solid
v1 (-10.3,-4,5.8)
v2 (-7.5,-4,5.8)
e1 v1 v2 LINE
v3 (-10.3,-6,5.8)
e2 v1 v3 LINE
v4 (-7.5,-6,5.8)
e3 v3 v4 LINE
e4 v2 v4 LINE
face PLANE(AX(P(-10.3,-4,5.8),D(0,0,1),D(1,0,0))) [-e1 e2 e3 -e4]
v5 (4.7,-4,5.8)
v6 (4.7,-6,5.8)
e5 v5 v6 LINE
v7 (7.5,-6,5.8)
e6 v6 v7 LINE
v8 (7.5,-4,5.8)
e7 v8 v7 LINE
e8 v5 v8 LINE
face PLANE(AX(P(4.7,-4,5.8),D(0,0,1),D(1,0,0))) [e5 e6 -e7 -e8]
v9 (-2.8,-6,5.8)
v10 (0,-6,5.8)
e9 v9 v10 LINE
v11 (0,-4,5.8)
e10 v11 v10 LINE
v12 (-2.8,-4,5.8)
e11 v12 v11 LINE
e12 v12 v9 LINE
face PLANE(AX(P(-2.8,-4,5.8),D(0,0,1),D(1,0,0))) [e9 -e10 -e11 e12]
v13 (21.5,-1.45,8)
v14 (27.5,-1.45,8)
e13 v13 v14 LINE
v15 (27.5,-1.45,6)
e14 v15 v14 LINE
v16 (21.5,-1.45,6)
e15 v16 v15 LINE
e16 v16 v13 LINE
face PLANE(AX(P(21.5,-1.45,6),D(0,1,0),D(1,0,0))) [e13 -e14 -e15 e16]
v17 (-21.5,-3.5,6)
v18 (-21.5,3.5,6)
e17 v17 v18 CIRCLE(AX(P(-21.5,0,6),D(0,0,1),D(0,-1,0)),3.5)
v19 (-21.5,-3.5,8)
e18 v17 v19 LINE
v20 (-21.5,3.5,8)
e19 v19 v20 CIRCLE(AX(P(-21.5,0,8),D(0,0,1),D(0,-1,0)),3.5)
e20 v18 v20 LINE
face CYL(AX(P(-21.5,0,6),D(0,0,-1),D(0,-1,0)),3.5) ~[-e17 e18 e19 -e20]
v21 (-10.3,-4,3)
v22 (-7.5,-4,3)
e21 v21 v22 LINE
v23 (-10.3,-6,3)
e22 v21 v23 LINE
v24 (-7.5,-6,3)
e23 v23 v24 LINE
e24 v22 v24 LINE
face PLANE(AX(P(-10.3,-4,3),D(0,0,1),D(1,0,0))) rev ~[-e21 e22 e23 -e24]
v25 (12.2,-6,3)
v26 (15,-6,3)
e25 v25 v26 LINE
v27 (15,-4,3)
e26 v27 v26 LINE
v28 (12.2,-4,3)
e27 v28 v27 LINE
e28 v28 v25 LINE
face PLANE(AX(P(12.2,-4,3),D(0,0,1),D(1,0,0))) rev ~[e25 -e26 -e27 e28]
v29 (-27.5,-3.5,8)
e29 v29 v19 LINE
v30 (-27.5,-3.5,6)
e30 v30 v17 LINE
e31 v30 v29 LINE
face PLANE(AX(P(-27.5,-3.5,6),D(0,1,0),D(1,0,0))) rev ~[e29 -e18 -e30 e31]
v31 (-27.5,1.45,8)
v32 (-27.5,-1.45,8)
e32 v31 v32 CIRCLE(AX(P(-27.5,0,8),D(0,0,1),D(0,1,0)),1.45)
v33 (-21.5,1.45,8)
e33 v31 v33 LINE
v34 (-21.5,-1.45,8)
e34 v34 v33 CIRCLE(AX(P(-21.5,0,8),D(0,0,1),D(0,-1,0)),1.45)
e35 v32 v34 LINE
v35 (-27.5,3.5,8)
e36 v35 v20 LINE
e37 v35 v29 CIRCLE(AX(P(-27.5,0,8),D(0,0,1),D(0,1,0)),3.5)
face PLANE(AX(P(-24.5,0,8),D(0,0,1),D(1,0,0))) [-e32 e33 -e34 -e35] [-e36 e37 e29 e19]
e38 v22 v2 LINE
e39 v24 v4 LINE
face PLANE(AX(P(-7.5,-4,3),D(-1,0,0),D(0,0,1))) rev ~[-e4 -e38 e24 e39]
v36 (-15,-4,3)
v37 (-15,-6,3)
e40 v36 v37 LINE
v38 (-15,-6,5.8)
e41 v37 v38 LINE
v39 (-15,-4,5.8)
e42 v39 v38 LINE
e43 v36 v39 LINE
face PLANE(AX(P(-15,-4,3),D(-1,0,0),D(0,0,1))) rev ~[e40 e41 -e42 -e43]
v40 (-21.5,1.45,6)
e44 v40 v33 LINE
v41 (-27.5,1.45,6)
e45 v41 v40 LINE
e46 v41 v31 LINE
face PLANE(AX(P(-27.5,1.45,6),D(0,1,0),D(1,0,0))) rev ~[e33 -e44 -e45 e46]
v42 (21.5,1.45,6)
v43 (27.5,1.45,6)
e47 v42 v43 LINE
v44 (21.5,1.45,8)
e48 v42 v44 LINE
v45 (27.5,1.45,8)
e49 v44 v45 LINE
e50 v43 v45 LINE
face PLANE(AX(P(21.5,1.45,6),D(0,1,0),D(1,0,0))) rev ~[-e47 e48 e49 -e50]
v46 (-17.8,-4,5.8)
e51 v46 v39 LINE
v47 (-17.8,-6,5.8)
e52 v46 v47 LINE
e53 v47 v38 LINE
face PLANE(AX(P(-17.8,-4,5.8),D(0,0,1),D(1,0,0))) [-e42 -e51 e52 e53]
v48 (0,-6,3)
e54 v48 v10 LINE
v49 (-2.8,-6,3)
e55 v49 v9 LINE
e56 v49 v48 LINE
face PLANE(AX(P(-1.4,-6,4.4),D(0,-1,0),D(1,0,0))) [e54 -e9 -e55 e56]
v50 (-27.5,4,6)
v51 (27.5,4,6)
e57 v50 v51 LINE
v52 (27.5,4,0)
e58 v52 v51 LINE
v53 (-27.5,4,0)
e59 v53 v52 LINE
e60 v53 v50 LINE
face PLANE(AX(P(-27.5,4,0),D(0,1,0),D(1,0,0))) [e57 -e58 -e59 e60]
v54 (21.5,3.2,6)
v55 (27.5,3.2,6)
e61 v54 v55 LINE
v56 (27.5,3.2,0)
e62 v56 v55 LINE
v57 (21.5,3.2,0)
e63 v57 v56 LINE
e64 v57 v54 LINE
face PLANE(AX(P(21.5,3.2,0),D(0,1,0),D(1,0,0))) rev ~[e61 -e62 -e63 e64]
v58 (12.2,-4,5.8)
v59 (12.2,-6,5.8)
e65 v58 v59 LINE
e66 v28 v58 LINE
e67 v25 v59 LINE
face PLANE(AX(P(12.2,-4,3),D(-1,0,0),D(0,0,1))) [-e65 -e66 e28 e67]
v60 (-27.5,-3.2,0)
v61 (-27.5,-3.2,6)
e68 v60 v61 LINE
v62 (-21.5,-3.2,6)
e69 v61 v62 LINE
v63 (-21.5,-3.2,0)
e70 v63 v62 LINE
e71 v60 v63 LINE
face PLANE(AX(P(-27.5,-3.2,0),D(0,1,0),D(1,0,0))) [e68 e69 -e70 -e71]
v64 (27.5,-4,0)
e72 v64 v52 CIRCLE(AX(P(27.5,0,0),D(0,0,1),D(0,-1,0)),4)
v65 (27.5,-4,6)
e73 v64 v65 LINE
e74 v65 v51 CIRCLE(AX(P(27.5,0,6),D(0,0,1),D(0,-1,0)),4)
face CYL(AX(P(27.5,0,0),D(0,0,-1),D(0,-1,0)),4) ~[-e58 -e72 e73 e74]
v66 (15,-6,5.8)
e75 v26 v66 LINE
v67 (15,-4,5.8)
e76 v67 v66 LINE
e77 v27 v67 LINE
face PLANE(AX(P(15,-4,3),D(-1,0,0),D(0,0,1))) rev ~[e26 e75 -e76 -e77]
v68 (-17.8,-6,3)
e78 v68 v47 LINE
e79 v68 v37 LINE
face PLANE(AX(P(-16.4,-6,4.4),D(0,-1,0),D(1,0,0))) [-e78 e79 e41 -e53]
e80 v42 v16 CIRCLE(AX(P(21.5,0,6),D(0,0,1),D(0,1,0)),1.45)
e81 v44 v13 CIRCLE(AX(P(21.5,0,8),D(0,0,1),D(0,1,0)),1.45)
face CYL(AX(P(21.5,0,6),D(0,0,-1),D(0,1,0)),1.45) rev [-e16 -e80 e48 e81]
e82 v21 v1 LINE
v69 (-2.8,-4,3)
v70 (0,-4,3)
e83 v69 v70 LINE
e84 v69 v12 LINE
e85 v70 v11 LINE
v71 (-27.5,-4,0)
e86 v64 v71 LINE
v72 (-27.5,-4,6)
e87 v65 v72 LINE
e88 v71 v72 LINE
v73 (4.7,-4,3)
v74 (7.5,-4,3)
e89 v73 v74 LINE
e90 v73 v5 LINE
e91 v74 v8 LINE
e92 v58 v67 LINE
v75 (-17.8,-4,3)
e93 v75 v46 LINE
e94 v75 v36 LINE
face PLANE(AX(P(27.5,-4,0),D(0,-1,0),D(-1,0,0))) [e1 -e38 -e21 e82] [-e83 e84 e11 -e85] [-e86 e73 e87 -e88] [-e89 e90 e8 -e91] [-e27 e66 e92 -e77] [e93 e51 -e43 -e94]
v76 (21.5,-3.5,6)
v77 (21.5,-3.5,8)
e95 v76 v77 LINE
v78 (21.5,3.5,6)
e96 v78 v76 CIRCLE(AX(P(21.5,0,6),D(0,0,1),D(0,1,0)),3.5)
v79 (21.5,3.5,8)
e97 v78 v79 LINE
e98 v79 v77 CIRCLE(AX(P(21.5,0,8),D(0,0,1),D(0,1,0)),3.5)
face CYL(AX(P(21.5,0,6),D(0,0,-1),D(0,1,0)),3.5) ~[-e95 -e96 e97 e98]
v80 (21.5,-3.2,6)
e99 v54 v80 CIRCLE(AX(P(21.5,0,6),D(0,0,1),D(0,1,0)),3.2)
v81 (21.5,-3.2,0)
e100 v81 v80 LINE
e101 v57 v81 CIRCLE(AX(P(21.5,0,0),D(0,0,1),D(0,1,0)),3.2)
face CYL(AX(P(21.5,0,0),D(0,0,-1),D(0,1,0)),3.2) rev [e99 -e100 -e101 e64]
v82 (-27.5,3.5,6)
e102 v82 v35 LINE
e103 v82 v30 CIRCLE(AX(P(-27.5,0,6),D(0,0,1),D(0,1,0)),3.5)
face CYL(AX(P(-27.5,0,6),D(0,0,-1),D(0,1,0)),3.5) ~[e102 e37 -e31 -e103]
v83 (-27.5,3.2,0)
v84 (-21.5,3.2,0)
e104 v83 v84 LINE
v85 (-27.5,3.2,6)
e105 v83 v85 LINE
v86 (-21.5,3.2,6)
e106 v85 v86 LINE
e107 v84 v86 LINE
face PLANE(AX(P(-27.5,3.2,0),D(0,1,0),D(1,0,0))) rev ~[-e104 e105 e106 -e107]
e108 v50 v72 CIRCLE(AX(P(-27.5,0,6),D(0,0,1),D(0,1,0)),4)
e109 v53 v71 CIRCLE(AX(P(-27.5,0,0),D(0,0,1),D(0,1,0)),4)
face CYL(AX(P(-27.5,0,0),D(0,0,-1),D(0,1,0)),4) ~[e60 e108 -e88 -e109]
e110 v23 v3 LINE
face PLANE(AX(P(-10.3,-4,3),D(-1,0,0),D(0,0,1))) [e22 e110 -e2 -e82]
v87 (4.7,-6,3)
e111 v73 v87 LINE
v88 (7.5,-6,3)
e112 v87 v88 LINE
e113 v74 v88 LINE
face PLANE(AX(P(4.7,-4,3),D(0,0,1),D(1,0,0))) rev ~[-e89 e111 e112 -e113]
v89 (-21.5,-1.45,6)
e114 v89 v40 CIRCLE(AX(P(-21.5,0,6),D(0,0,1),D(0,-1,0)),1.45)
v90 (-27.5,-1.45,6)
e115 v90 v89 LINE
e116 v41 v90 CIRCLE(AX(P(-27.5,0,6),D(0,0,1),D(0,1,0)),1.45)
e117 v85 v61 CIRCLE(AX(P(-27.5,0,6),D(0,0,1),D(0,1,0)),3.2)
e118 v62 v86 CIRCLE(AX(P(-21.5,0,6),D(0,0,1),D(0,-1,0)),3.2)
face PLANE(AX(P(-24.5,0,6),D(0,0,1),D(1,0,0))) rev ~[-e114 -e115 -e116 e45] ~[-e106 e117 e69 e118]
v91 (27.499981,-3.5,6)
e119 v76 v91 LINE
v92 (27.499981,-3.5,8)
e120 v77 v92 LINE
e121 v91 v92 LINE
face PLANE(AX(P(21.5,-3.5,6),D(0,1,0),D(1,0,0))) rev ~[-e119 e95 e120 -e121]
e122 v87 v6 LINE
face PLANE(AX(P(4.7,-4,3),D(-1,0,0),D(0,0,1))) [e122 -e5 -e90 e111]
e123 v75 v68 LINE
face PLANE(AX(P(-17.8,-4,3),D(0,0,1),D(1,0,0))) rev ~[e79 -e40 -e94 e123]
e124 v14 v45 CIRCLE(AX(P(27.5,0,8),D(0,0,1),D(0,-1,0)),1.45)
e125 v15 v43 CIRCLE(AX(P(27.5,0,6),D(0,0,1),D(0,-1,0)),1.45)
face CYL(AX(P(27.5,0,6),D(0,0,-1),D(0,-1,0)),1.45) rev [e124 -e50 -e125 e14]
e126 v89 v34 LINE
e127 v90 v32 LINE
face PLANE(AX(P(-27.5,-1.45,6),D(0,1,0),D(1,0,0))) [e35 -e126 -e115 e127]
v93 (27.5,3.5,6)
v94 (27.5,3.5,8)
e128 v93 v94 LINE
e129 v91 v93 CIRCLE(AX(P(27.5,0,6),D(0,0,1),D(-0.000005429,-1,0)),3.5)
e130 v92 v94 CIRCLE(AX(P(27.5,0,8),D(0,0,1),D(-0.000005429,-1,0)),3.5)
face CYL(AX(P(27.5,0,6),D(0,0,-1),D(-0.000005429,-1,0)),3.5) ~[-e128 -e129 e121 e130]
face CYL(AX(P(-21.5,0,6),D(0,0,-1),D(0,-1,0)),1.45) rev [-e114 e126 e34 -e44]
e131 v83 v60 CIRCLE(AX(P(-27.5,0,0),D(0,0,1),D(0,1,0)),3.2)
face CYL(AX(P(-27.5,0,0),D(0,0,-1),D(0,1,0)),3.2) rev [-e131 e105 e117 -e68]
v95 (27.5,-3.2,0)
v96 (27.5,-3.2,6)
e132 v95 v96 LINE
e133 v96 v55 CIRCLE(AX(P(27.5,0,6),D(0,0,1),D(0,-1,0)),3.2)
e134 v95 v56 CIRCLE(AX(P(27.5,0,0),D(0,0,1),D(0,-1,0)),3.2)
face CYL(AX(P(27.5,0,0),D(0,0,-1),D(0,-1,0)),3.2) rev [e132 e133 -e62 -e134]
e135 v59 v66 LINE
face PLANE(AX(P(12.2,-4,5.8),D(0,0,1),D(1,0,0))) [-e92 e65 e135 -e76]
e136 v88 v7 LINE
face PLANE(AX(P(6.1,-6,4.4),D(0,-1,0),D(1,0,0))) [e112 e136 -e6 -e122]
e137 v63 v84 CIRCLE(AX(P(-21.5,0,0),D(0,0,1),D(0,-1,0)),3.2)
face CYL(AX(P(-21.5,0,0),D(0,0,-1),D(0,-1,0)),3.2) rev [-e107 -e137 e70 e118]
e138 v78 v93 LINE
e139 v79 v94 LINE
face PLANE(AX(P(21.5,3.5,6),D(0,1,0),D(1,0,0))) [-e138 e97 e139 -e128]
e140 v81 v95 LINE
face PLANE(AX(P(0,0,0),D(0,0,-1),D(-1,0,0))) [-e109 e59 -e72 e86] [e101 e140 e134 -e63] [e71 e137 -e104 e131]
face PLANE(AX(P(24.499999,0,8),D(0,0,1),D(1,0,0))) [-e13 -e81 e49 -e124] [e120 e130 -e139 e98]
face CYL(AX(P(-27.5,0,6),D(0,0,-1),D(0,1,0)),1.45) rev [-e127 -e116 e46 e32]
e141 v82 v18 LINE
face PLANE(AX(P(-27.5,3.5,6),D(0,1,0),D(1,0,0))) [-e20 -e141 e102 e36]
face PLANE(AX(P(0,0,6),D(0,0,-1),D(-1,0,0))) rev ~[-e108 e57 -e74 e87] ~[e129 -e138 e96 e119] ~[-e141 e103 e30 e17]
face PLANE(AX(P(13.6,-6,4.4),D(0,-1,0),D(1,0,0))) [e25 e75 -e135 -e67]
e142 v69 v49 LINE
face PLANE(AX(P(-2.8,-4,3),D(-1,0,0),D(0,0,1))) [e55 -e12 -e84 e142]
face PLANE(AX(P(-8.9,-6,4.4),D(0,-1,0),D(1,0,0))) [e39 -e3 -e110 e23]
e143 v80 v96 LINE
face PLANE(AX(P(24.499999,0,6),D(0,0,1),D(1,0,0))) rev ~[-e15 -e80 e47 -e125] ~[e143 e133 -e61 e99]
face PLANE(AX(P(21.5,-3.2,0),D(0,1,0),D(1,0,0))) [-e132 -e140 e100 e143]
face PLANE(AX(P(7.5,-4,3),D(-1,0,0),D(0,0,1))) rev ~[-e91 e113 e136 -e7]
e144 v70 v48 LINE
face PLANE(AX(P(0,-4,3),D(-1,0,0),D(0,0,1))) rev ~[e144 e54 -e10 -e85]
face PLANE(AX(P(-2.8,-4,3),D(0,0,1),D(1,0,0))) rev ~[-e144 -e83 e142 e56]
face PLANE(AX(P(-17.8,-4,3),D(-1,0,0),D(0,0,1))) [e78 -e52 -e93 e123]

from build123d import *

# Parameters (mm, degrees)
PAD_DEPTH           = 6
PAD001_DEPTH        = 2
SKETCH002_W         = 2.8
SKETCH002_H         = 2.8
PAD002_DEPTH        = 2
LINEARPATTERN_COUNT = 5
LINEARPATTERN_PITCH = 7.5


with BuildPart() as part:
    # Sketch → Pad (new body)
    with BuildSketch(Plane.XY):
        with BuildLine():
            Line((-27.5, 4), (27.5, 4))
            ThreePointArc((27.5, -4), (31.5, 0), (27.5, 4))
            Line((27.5, -4), (-27.5, -4))
            ThreePointArc((-27.5, 4), (-31.5, 0), (-27.5, -4))
        make_face()
        with BuildLine():
            ThreePointArc((-27.5, 3.2), (-30.7, 0), (-27.5, -3.2))
            Line((-27.5, -3.2), (-21.5, -3.2))
            ThreePointArc((-21.5, -3.2), (-18.3, 0), (-21.5, 3.2))
            Line((-27.5, 3.2), (-21.5, 3.2))
        make_face(mode=Mode.SUBTRACT)
        with BuildLine():
            ThreePointArc((21.5, 3.2), (18.3, 0), (21.5, -3.2))
            Line((21.5, -3.2), (27.5, -3.2))
            ThreePointArc((27.5, -3.2), (30.7, 0), (27.5, 3.2))
            Line((21.5, 3.2), (27.5, 3.2))
        make_face(mode=Mode.SUBTRACT)
    extrude(amount=PAD_DEPTH)

    # Sketch001 → Pad001 (new body)
    with BuildSketch(Plane.XY.offset(6)):
        with BuildLine():
            ThreePointArc((-27.5, 3.5), (-31, 0), (-27.5, -3.5))
            Line((-27.5, -3.5), (-21.5, -3.5))
            ThreePointArc((-21.5, -3.5), (-18, 0), (-21.5, 3.5))
            Line((-27.5, 3.5), (-21.5, 3.5))
        make_face()
        with BuildLine():
            ThreePointArc((-27.5, 1.45), (-28.95, 0), (-27.5, -1.45))
            Line((-27.5, -1.45), (-21.5, -1.45))
            ThreePointArc((-21.5, -1.45), (-20.05, 0), (-21.5, 1.45))
            Line((-27.5, 1.45), (-21.5, 1.45))
        make_face(mode=Mode.SUBTRACT)
        with BuildLine():
            ThreePointArc((21.5, 3.5), (18, 0), (21.5, -3.5))
            Line((21.5, -3.5), (27.499981, -3.5))
            ThreePointArc((27.499981, -3.5), (31, -9e-06), (27.5, 3.5))
            Line((21.5, 3.5), (27.5, 3.5))
        make_face()
        with BuildLine():
            ThreePointArc((21.5, 1.45), (20.05, 0), (21.5, -1.45))
            Line((21.5, -1.45), (27.5, -1.45))
            ThreePointArc((27.5, -1.45), (28.95, 0), (27.5, 1.45))
            Line((21.5, 1.45), (27.5, 1.45))
        make_face(mode=Mode.SUBTRACT)
    extrude(amount=PAD001_DEPTH)

    # Sketch002 → Pad002 (new body)
    with BuildSketch(Plane.XZ.offset(4)):
        with Locations((13.6, 4.4)):
            Rectangle(SKETCH002_W, SKETCH002_H)
    pad002 = extrude(amount=PAD002_DEPTH)

    # LinearPattern: Pad002 ×5
    with Locations(*[(-i * LINEARPATTERN_PITCH, 0, 0) for i in range(1, LINEARPATTERN_COUNT)]):
        add(pad002)


solid = part.part
